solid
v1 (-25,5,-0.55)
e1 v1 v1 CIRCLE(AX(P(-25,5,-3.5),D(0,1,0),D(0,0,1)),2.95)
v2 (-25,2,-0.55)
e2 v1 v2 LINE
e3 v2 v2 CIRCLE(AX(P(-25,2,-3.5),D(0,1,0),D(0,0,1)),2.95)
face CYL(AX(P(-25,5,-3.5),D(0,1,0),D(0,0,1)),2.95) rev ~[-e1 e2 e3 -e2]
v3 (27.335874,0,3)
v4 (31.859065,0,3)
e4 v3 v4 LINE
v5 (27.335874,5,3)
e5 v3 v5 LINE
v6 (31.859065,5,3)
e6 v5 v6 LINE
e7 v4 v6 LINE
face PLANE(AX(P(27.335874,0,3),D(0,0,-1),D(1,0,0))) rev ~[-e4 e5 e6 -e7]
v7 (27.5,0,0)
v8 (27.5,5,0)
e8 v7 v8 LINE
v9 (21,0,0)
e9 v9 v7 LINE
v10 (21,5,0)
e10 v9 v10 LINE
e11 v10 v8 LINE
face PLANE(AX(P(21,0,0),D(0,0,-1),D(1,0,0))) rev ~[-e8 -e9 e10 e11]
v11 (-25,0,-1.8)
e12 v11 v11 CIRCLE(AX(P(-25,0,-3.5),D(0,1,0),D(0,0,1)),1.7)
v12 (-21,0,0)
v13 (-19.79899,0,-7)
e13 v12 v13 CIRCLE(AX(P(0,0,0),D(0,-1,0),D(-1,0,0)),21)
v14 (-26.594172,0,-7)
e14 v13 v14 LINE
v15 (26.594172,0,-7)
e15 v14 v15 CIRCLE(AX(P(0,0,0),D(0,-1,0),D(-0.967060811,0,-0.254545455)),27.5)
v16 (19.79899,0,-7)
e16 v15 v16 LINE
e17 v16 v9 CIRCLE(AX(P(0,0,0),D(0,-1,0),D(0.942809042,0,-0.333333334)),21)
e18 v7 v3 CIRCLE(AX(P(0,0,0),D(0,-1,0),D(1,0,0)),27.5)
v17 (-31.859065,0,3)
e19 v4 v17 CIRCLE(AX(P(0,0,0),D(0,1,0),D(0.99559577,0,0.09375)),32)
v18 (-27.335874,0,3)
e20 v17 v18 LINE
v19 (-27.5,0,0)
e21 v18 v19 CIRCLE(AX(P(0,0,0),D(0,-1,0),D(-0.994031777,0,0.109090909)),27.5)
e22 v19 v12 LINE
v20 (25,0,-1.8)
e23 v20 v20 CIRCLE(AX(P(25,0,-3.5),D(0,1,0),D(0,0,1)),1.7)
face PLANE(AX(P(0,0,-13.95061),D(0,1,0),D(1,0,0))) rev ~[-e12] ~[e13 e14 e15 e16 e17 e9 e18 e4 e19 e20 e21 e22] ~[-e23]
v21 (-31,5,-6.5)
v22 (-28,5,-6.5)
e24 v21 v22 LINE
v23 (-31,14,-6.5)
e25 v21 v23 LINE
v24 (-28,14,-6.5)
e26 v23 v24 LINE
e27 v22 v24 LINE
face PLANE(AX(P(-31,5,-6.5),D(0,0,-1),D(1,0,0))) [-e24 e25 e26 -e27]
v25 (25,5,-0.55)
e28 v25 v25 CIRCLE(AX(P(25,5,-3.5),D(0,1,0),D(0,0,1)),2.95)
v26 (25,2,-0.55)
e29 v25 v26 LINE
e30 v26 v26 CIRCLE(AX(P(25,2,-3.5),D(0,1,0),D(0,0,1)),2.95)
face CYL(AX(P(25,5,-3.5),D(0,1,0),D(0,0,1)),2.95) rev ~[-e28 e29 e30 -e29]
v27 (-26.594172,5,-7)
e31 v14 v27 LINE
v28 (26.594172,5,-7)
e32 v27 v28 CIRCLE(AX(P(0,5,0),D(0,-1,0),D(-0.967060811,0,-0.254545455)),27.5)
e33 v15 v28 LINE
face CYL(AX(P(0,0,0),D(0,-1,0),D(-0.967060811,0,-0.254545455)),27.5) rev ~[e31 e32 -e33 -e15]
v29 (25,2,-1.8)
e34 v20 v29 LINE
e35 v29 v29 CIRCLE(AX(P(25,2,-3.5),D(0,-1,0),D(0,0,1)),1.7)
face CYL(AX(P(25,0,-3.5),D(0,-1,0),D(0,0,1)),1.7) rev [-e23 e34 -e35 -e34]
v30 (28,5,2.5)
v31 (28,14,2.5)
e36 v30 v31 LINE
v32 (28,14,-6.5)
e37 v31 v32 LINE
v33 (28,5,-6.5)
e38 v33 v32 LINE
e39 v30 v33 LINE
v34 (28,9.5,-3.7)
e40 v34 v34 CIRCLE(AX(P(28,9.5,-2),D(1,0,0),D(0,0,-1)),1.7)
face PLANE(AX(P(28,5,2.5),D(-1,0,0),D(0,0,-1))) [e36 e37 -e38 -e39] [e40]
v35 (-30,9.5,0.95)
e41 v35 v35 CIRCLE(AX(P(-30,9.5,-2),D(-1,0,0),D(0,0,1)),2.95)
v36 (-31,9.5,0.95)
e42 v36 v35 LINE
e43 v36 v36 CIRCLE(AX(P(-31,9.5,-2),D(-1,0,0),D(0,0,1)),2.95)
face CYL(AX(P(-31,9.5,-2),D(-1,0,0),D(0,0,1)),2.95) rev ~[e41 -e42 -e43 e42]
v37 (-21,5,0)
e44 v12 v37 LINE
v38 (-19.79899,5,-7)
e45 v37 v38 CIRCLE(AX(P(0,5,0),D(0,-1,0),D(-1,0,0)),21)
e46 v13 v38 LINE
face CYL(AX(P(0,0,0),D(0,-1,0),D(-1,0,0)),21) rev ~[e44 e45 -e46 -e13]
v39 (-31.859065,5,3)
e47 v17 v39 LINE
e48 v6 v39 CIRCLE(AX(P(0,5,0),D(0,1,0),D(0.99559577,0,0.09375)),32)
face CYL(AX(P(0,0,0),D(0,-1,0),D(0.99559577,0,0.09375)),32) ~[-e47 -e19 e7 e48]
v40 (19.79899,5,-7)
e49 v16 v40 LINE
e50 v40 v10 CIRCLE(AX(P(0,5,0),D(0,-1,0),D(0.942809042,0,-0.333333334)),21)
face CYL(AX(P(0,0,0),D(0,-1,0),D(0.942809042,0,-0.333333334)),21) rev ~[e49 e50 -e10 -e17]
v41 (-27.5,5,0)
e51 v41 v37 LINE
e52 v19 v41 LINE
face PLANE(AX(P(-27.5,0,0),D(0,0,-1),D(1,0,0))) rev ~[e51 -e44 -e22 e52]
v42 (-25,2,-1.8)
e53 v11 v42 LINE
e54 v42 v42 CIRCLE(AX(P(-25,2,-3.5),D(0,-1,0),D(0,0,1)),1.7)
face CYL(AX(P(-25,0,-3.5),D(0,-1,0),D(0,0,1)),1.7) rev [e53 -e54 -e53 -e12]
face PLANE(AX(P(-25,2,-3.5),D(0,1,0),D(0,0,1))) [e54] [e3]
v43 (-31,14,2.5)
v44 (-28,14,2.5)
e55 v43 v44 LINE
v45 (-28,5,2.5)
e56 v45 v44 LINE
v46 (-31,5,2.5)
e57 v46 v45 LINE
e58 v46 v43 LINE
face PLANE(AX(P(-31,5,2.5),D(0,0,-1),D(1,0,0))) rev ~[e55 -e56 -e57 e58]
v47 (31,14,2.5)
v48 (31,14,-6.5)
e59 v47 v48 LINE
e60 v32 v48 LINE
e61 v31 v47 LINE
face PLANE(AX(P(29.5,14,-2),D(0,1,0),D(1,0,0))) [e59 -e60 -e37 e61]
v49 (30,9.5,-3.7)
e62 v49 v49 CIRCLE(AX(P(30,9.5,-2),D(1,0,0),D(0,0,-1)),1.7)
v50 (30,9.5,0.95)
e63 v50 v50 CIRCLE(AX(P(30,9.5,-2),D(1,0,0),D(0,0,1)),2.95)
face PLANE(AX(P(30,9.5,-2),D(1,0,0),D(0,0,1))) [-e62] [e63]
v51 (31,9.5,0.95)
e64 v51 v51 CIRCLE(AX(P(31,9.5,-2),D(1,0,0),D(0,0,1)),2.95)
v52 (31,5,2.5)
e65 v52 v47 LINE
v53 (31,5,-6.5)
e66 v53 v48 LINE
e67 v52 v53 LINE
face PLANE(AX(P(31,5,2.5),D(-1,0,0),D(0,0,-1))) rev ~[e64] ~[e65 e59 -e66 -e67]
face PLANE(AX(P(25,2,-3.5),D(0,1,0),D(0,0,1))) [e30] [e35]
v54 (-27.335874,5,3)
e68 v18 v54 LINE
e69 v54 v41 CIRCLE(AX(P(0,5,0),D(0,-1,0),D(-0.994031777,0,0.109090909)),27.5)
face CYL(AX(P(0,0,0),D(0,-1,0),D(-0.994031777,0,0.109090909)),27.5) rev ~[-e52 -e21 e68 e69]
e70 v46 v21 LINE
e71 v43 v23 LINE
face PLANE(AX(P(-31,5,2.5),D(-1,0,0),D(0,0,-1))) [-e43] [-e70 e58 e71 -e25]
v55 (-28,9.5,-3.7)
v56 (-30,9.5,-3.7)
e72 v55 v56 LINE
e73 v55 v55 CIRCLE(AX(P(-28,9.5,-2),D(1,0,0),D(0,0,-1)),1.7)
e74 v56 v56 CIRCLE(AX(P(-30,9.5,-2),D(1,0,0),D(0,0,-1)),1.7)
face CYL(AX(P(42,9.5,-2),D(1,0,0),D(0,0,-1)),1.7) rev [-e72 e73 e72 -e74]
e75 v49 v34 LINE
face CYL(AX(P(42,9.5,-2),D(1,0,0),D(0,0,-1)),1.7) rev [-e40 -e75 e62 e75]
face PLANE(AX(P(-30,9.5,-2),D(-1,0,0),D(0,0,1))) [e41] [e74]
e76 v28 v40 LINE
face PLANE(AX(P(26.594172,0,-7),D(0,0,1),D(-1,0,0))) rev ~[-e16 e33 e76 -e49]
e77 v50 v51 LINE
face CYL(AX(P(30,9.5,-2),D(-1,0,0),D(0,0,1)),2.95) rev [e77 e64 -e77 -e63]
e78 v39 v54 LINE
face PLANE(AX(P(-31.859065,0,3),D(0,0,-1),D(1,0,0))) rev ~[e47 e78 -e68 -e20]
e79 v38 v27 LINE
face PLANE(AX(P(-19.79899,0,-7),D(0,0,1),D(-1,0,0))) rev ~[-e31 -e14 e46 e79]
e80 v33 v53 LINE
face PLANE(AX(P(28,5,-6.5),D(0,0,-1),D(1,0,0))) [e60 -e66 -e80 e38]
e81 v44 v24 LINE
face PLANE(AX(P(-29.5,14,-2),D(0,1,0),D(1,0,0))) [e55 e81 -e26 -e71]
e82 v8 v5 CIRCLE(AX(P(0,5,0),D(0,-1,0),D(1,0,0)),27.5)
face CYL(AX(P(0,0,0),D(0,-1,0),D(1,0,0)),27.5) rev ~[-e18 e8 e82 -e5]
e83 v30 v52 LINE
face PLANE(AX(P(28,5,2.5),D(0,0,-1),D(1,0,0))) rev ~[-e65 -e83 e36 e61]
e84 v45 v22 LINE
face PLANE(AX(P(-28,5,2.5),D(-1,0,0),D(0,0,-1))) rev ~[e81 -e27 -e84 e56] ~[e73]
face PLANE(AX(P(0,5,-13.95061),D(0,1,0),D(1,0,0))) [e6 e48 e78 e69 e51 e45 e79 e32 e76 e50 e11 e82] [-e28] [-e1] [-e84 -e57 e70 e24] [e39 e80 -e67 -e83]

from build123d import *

# Parameters (mm, degrees)
CROQUIS1_R              = 1.7
SALIENTE_EXTRUIR1_DEPTH = 5
CROQUIS3_R              = 2.95
CORTAR_EXTRUIR1_DEPTH   = 3
SKETCH1_W               = 3
SKETCH1_H               = 9
BOSS_EXTRUDE1_DEPTH     = 9
CUT_EXTRUDE3_DEPTH      = 10
CUT_EXTRUDE3_DEPTH_BACK = 73
SKETCH2_R               = 1.7
SKETCH4_R               = 2.95
CUT_EXTRUDE4_DEPTH      = 1
CUT_EXTRUDE5_START      = -1
SKETCH5_R               = 2.95
CUT_EXTRUDE5_DEPTH      = 1


with BuildPart() as part:
    # Croquis1 → Saliente-Extruir1 (new body)
    with BuildSketch(Plane(origin=(0, 0, 0), x_dir=(1, 0, 0), z_dir=(0, 1, 0))):
        with BuildLine():
            Line((-31.859064644, -3), (-27.335873866, -3))
            ThreePointArc((-27.335873866, -3), (-27.45893781, -1.502243105), (-27.5, 0))
            Line((-27.5, 0), (-21, 0))
            ThreePointArc((-21, 0), (-20.697569753, 3.551141553), (-19.798989873, 7))
            Line((-19.798989873, 7), (-26.594172294, 7))
            ThreePointArc((-26.594172294, 7), (0, 27.5), (26.594172294, 7))
            Line((26.594172294, 7), (19.798989873, 7))
            ThreePointArc((19.798989873, 7), (20.697569753, 3.551141553), (21, 0))
            Line((21, 0), (27.5, 0))
            ThreePointArc((27.5, 0), (27.45893781, -1.502243105), (27.335873866, -3))
            Line((27.335873866, -3), (31.859064644, -3))
            ThreePointArc((31.859064644, -3), (0, 32), (-31.859064644, -3))
        make_face()
        with Locations(Location((-25, 3.5, 0), (0, 0, 270))):
            Circle(CROQUIS1_R, mode=Mode.SUBTRACT)
        with Locations(Location((25, 3.5, 0), (0, 0, 270))):
            Circle(CROQUIS1_R, mode=Mode.SUBTRACT)
    extrude(amount=SALIENTE_EXTRUIR1_DEPTH)

    # Croquis3 → Cortar-Extruir1 (cut)
    with BuildSketch(Plane(origin=(0, 5, 0), x_dir=(1, 0, 0), z_dir=(0, 1, 0))):
        with Locations(Location((-25, 3.5, 0), (0, 0, 270))):
            Circle(CROQUIS3_R)
        with Locations(Location((25, 3.5, 0), (0, 0, 270))):
            Circle(CROQUIS3_R)
    extrude(amount=-CORTAR_EXTRUIR1_DEPTH, mode=Mode.SUBTRACT)

    # Sketch1 → Boss-Extrude1 (add)
    with BuildSketch(Plane(origin=(0, 5, 0), x_dir=(1, 0, 0), z_dir=(0, 1, 0))):
        with Locations((-29.5, 2)):
            Rectangle(SKETCH1_W, SKETCH1_H)
        with Locations((29.5, 2)):
            Rectangle(SKETCH1_W, SKETCH1_H)
    extrude(amount=BOSS_EXTRUDE1_DEPTH)

    # Sketch2 → Cut-Extrude3 (cut, two sides: drawn at the far end of the back side and taken through both)
    with BuildSketch(Plane.ZY.offset(31).offset(-CUT_EXTRUDE3_DEPTH_BACK)):
        with Locations(Location((-2, 9.5, 0), (0, 0, 180))):
            Circle(SKETCH2_R)
    extrude(amount=CUT_EXTRUDE3_DEPTH + CUT_EXTRUDE3_DEPTH_BACK, mode=Mode.SUBTRACT)

    # Sketch4 → Cut-Extrude4 (cut)
    with BuildSketch(Plane.ZY.offset(31)):
        with Locations((-2, 9.5)):
            Circle(SKETCH4_R)
    extrude(amount=-CUT_EXTRUDE4_DEPTH, mode=Mode.SUBTRACT)

    # Sketch5 → Cut-Extrude5 (cut)
    with BuildSketch(Plane(origin=(31, 0, 0), x_dir=(0, 0, -1), z_dir=(1, 0, 0)).offset(CUT_EXTRUDE5_START)):
        with Locations(Location((2, 9.5, 0), (0, 0, 180))):
            Circle(SKETCH5_R)
    extrude(amount=CUT_EXTRUDE5_DEPTH, mode=Mode.SUBTRACT)


solid = part.part
